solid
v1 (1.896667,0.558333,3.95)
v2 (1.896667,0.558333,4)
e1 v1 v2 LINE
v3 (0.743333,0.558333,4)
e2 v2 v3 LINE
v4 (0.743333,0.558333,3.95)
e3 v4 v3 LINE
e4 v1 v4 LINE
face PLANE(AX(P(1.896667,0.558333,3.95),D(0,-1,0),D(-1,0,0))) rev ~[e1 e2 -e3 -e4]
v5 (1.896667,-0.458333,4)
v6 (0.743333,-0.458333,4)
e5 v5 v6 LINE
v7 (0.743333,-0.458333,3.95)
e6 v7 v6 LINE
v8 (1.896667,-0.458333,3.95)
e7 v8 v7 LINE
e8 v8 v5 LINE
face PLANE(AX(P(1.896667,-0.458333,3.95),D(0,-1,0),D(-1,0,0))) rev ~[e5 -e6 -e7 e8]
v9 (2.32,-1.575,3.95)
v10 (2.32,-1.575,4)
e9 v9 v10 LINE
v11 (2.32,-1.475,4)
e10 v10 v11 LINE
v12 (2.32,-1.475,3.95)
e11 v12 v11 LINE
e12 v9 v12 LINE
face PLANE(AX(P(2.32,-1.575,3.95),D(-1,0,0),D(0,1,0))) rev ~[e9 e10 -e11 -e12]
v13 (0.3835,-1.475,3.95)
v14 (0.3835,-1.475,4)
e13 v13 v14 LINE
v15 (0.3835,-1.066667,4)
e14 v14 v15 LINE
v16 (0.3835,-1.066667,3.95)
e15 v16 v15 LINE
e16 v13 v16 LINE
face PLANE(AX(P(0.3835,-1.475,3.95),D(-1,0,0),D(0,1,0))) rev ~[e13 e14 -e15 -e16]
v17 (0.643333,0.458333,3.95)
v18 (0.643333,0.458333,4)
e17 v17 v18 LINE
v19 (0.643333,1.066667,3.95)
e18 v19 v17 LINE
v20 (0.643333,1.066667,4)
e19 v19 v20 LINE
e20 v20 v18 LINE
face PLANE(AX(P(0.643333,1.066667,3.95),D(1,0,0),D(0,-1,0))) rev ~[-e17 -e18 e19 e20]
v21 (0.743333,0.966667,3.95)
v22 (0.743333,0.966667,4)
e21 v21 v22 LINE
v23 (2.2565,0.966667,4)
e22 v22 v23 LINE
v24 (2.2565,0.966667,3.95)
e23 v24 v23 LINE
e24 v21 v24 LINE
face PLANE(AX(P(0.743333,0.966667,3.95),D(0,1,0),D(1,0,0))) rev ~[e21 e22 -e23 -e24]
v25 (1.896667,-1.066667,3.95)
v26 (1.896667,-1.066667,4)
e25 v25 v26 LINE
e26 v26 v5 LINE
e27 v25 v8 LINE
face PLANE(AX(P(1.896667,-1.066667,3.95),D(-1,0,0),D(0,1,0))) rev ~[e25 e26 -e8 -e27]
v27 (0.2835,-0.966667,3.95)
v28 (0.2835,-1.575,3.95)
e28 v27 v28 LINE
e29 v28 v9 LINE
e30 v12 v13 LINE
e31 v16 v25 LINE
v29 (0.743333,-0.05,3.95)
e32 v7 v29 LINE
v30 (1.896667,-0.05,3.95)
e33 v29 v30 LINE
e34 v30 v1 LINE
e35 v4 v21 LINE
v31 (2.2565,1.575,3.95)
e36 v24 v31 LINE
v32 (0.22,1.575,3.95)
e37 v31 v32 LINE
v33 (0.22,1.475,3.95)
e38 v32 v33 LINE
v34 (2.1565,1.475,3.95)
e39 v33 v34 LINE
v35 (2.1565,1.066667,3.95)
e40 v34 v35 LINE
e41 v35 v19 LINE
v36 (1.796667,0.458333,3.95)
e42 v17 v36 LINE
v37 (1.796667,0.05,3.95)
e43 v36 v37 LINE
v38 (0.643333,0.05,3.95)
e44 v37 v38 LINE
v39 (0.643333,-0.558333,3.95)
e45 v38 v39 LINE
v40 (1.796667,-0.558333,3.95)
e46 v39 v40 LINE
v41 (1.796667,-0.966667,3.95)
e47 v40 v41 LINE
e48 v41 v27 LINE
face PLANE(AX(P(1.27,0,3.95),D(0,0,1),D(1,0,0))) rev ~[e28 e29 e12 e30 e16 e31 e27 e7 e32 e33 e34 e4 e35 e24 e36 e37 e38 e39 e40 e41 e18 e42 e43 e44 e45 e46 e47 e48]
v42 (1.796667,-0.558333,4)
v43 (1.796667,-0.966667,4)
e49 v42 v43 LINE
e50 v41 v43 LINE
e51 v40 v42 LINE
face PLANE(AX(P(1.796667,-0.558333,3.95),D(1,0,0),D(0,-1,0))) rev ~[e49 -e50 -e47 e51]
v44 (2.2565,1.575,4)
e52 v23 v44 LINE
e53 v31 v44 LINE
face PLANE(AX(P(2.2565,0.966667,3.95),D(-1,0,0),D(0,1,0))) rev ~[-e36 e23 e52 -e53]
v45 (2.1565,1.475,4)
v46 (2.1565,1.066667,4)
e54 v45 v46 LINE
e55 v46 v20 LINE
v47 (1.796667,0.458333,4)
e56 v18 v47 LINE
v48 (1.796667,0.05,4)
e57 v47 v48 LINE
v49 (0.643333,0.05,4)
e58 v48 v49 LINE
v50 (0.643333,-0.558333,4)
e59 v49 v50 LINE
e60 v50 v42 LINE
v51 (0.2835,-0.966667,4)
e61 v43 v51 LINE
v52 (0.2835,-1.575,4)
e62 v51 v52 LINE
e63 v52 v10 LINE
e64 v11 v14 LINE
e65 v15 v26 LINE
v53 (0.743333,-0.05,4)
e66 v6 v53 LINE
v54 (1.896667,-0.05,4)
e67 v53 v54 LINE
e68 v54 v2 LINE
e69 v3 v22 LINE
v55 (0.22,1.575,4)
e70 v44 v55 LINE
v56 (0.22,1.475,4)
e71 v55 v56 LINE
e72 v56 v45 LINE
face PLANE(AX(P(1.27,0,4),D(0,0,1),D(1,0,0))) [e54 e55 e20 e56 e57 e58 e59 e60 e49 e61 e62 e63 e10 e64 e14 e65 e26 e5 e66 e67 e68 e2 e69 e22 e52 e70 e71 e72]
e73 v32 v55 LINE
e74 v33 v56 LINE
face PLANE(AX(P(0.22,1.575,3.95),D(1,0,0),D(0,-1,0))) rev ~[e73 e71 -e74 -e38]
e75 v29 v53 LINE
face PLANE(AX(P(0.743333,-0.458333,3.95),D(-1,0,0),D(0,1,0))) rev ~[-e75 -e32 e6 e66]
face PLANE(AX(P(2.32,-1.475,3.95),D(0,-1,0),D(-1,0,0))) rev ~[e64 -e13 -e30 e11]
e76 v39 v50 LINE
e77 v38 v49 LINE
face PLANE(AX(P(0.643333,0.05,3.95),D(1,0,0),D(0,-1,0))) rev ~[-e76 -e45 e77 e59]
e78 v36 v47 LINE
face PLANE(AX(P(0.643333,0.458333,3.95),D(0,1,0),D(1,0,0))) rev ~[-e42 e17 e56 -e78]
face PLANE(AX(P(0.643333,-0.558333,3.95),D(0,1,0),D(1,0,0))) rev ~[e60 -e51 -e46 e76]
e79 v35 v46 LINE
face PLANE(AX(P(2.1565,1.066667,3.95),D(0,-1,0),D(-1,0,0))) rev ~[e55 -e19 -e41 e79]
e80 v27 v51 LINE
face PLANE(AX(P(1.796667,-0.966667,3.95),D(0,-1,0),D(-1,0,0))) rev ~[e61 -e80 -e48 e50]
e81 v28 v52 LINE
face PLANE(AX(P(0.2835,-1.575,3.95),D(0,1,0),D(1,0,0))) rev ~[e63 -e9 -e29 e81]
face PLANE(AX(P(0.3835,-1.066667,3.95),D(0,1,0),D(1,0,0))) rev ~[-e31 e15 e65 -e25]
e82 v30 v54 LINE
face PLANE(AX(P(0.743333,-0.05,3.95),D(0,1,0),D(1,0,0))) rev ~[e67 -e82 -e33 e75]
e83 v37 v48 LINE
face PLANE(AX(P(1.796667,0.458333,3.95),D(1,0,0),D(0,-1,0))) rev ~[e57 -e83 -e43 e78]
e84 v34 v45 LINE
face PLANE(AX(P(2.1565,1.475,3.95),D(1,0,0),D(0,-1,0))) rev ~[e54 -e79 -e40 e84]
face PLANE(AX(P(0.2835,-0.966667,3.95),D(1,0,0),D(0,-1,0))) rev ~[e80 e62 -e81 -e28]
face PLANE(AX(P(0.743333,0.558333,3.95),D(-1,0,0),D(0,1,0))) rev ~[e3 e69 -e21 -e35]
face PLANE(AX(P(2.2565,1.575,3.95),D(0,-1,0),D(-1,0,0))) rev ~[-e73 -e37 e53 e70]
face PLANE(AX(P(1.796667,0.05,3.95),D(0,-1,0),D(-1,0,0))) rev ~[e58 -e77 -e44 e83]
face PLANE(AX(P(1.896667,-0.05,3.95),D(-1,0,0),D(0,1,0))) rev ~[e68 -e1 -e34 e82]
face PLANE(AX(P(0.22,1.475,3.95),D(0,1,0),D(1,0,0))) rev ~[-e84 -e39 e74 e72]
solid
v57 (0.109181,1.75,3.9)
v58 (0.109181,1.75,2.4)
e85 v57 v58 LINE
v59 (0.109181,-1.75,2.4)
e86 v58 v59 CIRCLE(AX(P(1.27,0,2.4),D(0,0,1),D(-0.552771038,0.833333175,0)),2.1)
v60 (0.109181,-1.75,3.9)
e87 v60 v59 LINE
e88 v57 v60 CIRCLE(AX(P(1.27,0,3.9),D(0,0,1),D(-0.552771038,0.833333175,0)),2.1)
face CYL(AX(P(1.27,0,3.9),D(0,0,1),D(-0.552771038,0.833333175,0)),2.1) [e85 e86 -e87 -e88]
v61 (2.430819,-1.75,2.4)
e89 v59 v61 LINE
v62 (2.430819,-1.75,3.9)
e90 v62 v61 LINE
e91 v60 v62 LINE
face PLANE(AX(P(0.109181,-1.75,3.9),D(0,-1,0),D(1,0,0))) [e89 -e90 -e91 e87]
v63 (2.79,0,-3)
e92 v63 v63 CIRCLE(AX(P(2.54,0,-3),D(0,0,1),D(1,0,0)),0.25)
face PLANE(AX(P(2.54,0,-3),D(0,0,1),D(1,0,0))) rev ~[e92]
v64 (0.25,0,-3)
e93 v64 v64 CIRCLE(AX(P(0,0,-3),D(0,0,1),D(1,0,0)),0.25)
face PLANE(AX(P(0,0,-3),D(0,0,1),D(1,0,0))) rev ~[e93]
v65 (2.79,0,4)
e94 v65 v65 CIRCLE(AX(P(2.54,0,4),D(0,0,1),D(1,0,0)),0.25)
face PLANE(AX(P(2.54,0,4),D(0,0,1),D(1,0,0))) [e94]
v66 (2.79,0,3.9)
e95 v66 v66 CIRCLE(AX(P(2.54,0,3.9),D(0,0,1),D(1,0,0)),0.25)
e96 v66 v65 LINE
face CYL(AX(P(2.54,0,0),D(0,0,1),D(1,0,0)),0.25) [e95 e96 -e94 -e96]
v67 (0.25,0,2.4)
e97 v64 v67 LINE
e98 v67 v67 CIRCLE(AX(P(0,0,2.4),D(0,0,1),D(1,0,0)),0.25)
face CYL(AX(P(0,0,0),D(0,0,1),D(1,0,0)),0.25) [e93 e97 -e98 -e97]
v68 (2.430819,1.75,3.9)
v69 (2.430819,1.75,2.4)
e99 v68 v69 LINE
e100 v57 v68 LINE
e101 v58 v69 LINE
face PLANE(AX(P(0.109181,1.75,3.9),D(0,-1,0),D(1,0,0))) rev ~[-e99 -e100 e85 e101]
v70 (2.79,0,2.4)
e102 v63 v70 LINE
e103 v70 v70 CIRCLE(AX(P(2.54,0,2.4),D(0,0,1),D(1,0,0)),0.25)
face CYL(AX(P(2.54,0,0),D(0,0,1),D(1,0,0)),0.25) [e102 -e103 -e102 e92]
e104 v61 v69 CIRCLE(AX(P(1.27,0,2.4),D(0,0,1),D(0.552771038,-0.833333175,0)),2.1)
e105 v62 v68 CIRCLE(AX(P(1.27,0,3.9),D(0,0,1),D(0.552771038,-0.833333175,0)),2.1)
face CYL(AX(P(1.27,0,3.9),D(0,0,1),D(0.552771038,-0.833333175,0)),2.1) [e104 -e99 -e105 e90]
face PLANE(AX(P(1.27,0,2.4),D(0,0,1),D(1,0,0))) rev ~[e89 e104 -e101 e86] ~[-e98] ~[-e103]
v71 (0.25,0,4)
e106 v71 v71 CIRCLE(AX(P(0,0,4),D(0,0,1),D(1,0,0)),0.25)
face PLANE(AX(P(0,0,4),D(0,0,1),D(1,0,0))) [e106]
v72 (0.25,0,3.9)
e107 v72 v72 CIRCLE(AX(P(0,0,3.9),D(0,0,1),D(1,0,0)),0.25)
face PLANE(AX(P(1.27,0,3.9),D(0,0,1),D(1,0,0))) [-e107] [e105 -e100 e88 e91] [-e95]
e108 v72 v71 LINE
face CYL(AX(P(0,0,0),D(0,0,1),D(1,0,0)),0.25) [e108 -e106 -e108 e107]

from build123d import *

# Parameters (mm, degrees)
PAD001_DEPTH   = 1.5
SKETCH_R       = 0.25
PAD_DEPTH      = 4
PAD_DEPTH_BACK = 3
PAD002_DEPTH   = 0.05


with BuildPart() as pad001:
    # Sketch001 → Pad001 (new body)
    with BuildSketch(Plane.XY.offset(3.9)):
        with BuildLine():
            ThreePointArc((0.109181, 1.75), (-0.83, 0), (0.109181, -1.75))
            Line((0.109181, -1.75), (2.430819, -1.75))
            ThreePointArc((2.430819, -1.75), (3.37, 0), (2.430819, 1.75))
            Line((0.109181, 1.75), (2.430819, 1.75))
        make_face()
    extrude(amount=-PAD001_DEPTH)


with BuildPart() as pad:
    # Sketch → Pad (new body, two sides)
    with BuildSketch(Plane.XY) as pad_sk:
        Circle(SKETCH_R)
        with Locations((2.54, 0)):
            Circle(SKETCH_R)
    extrude(amount=PAD_DEPTH)
    extrude(pad_sk.sketch, amount=-PAD_DEPTH_BACK)


with BuildPart() as r_ldr_4_2x3_5mm_p2_54mm_vertical:
    # Sketch002 → Pad002 (new body)
    with BuildSketch(Plane.XY.offset(3.95)):
        Polygon((0.22, 1.475), (2.1565, 1.475), (2.1565, 1.066667), (0.643333, 1.066667), (0.643333, 0.966667), (0.643333, 0.458333), (0.743333, 0.458333), (1.796667, 0.458333), (1.796667, 0.05), (0.643333, 0.05), (0.643333, -0.05), (0.643333, -0.558333), (0.743333, -0.558333), (1.796667, -0.558333), (1.796667, -0.966667), (0.2835, -0.966667), (0.2835, -1.066667), (0.2835, -1.575), (0.3835, -1.575), (2.32, -1.575), (2.32, -1.475), (0.3835, -1.475), (0.3835, -1.066667), (1.796667, -1.066667), (1.896667, -1.066667), (1.896667, -0.558333), (1.896667, -0.458333), (0.743333, -0.458333), (0.743333, -0.05), (1.796667, -0.05), (1.896667, -0.05), (1.896667, 0.458333), (1.896667, 0.558333), (0.743333, 0.558333), (0.743333, 0.966667), (2.1565, 0.966667), (2.2565, 0.966667), (2.2565, 1.475), (2.2565, 1.575), (0.22, 1.575), align=None)
    extrude(amount=PAD002_DEPTH)

    # Pad002_mp_cp: union Pad001, Pad
    add(pad001.part)
    add(pad.part)


solid = r_ldr_4_2x3_5mm_p2_54mm_vertical.part
